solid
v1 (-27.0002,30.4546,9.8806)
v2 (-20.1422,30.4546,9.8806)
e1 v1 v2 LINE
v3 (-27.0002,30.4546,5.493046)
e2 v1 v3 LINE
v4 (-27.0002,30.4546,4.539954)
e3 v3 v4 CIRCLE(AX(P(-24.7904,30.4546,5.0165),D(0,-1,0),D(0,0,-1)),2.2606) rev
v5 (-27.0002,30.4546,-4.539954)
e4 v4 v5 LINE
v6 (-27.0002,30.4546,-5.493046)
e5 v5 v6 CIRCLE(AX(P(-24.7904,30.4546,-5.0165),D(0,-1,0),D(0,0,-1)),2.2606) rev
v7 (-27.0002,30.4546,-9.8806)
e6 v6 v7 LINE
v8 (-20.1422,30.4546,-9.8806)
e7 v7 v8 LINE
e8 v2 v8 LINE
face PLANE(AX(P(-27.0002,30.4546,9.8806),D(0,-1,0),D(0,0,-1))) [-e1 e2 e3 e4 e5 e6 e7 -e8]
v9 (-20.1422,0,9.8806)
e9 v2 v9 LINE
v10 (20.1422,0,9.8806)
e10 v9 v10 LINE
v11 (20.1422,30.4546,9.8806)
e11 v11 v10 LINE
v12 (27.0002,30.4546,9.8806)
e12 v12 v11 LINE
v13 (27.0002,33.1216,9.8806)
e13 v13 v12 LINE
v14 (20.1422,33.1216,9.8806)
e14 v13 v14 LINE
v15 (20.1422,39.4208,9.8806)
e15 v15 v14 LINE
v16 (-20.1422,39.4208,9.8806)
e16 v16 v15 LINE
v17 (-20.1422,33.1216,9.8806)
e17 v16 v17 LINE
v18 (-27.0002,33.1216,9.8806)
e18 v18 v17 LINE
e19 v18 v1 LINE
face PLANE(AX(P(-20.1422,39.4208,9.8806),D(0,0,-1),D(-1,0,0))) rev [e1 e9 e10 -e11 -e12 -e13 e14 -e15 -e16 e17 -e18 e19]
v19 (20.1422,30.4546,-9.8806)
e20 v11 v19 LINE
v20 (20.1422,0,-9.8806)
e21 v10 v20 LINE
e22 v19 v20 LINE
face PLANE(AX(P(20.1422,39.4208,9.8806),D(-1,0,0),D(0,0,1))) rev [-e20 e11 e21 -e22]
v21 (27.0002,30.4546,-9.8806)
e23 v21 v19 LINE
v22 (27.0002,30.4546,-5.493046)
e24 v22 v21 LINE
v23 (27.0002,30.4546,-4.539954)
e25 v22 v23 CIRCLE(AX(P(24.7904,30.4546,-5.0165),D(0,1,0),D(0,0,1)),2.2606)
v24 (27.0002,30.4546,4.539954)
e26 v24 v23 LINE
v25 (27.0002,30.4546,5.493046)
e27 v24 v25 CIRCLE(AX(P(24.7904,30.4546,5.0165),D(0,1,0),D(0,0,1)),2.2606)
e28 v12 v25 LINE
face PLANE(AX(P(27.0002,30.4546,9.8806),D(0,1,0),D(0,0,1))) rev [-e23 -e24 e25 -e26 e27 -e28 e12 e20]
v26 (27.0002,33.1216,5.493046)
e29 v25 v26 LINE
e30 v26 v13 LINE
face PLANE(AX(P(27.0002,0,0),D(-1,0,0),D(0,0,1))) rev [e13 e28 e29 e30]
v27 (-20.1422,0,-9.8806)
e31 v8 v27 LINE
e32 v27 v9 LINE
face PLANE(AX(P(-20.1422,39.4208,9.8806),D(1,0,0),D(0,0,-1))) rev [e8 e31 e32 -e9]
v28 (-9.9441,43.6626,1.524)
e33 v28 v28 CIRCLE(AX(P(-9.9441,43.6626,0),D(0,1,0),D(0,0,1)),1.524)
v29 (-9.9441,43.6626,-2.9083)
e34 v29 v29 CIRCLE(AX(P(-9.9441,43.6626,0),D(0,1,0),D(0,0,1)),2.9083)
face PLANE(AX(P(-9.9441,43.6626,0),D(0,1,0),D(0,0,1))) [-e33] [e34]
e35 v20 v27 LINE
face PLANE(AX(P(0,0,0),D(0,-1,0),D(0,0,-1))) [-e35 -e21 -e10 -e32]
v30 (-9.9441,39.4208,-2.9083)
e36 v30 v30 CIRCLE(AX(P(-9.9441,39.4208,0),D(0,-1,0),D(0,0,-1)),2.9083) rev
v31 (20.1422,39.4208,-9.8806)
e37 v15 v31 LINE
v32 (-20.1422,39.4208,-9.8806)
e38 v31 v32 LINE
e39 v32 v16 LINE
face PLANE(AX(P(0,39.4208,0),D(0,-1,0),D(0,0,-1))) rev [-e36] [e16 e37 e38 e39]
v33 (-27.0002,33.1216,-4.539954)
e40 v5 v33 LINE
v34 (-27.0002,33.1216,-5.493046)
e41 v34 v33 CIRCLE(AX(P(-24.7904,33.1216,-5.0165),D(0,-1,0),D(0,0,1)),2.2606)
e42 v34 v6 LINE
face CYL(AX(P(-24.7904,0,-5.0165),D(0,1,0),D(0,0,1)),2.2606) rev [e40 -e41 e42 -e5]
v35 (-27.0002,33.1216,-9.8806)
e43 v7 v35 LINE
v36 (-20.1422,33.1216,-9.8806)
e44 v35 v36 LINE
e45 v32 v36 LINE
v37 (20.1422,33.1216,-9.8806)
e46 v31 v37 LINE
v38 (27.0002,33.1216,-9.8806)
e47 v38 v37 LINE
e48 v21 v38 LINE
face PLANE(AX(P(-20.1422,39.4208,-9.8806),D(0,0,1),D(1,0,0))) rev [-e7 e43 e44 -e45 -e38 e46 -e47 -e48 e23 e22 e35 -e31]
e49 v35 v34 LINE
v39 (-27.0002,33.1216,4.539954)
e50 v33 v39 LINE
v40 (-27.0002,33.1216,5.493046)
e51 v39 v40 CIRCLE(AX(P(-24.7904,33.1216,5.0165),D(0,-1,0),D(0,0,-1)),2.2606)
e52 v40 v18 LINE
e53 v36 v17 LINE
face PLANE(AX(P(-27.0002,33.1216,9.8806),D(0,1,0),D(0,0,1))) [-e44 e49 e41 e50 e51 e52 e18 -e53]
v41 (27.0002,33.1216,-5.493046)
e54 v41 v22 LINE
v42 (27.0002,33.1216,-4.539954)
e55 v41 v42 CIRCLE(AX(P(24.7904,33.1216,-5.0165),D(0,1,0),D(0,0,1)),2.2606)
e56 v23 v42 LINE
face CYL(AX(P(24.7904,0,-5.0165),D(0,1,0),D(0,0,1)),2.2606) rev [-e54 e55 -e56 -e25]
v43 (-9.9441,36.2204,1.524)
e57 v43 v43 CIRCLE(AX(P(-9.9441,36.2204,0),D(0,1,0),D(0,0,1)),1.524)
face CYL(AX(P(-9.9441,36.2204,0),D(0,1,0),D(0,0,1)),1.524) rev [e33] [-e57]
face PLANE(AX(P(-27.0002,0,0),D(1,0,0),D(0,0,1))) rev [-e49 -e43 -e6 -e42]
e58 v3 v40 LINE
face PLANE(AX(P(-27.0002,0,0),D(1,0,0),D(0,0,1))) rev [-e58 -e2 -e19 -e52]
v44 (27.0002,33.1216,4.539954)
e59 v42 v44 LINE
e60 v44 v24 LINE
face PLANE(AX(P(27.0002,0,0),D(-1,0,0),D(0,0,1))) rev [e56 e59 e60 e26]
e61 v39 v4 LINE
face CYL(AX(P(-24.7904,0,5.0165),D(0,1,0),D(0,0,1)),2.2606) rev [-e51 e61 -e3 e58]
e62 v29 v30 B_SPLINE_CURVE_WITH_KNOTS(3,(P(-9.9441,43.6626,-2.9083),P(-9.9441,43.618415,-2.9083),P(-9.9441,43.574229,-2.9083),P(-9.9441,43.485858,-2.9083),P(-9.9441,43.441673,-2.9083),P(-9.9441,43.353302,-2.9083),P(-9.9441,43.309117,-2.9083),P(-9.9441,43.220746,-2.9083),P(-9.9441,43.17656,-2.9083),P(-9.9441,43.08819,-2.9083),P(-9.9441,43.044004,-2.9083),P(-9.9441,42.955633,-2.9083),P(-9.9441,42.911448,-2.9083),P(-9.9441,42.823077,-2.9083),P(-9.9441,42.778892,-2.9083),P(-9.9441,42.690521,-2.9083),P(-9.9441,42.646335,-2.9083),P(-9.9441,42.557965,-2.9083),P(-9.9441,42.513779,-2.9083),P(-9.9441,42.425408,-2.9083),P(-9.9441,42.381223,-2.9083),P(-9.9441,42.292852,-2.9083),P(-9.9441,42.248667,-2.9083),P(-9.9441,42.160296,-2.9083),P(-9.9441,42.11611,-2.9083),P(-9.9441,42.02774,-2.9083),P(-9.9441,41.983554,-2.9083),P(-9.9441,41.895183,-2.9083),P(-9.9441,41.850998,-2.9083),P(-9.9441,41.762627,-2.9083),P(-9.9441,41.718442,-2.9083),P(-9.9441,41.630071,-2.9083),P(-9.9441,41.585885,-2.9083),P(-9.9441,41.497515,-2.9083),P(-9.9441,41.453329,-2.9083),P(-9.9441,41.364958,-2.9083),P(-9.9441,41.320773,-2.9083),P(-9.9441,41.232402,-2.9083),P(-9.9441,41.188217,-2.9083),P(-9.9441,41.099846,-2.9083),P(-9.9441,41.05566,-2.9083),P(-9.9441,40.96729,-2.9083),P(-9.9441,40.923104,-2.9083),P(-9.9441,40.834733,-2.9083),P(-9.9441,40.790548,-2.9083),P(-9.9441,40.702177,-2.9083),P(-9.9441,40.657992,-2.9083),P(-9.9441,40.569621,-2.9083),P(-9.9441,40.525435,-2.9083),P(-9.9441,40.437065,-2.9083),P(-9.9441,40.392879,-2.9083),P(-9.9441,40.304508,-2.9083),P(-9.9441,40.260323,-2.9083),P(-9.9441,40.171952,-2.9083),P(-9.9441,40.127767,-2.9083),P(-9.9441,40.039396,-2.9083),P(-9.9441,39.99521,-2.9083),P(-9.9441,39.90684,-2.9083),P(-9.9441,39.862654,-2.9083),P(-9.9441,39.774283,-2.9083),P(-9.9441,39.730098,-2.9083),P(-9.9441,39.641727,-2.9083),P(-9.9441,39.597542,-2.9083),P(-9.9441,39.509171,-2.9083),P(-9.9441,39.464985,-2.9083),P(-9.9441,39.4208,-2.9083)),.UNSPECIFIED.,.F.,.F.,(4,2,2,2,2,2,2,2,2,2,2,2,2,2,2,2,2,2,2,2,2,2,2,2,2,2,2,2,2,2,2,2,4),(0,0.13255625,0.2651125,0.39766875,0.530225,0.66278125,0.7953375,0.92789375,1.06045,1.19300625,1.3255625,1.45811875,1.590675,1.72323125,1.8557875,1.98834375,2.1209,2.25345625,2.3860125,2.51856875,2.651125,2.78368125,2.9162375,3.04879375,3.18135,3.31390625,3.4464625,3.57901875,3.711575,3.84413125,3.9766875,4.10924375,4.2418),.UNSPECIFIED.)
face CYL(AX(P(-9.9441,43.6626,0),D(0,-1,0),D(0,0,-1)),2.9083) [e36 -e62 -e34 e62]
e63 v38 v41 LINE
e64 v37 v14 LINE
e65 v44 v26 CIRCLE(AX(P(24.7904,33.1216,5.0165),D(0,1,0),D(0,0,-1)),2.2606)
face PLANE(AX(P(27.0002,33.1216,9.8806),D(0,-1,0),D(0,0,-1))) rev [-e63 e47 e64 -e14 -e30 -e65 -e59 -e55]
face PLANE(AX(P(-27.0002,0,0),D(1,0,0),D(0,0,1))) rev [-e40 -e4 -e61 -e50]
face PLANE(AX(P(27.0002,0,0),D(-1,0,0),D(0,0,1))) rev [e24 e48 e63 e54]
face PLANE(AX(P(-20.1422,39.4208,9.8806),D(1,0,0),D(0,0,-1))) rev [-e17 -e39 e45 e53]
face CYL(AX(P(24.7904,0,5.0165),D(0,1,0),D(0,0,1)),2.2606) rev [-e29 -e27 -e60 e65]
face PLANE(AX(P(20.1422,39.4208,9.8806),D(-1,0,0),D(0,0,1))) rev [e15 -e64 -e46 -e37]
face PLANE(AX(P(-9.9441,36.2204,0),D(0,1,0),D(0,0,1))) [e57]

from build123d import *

# Parameters (mm, degrees)
SKETCH1_W           = 40.2844
SKETCH1_H           = 19.7612
BOSS_EXTRUDE1_DEPTH = 39.4208
SKETCH2_W           = 19.7612
SKETCH2_H           = 2.667
BOSS_EXTRUDE2_DEPTH = 6.858
SKETCH3_R           = 2.2606
CUT_EXTRUDE2_DEPTH  = 44.859747411
SKETCH4_R           = 2.9083
BOSS_EXTRUDE3_DEPTH = 4.2418
SKETCH5_R           = 1.524
CUT_EXTRUDE3_DEPTH  = 7.4422


with BuildPart() as part:
    # Sketch1 → Boss-Extrude1 (new body)
    with BuildSketch(Plane(origin=(0, 0, 0), x_dir=(1, 0, 0), z_dir=(0, 1, 0))):
        Rectangle(SKETCH1_W, SKETCH1_H)
    extrude(amount=BOSS_EXTRUDE1_DEPTH)

    # Sketch2 → Boss-Extrude2 (add)
    with BuildSketch(Plane(origin=(20.1422, 0, 0), x_dir=(0, 0, -1), z_dir=(1, 0, 0))):
        with Locations((0, 31.7881)):
            Rectangle(SKETCH2_W, SKETCH2_H)
    boss_extrude2 = extrude(amount=BOSS_EXTRUDE2_DEPTH)

    # Sketch3 → Cut-Extrude2 (cut, through all)
    with BuildSketch(Plane(origin=(0, 33.1216, 0), x_dir=(1, 0, 0), z_dir=(0, 1, 0))):
        with Locations((24.7904, 5.0165)):
            Circle(SKETCH3_R)
        with Locations((24.7904, -5.0165)):
            Circle(SKETCH3_R)
    cut_extrude2 = extrude(amount=-CUT_EXTRUDE2_DEPTH, mode=Mode.SUBTRACT)

    # Mirror1: Boss-Extrude2, Cut-Extrude2 across plane
    add(boss_extrude2.mirror(Plane(origin=(0, 0, 0), x_dir=(0, 0, 1), z_dir=(1, 0, 0))))
    add(cut_extrude2.mirror(Plane(origin=(0, 0, 0), x_dir=(0, 0, 1), z_dir=(1, 0, 0))), mode=Mode.SUBTRACT)

    # Sketch4 → Boss-Extrude3 (add)
    with BuildSketch(Plane(origin=(0, 39.4208, 0), x_dir=(1, 0, 0), z_dir=(0, 1, 0))):
        with Locations(Location((-9.9441, 0, 0), (0, 0, 90))):
            Circle(SKETCH4_R)
    extrude(amount=BOSS_EXTRUDE3_DEPTH)

    # Sketch5 → Cut-Extrude3 (cut)
    with BuildSketch(Plane(origin=(0, 43.6626, 0), x_dir=(1, 0, 0), z_dir=(0, 1, 0))):
        with Locations(Location((-9.9441, 0, 0), (0, 0, 270))):
            Circle(SKETCH5_R)
    extrude(amount=-CUT_EXTRUDE3_DEPTH, mode=Mode.SUBTRACT)


solid = part.part
